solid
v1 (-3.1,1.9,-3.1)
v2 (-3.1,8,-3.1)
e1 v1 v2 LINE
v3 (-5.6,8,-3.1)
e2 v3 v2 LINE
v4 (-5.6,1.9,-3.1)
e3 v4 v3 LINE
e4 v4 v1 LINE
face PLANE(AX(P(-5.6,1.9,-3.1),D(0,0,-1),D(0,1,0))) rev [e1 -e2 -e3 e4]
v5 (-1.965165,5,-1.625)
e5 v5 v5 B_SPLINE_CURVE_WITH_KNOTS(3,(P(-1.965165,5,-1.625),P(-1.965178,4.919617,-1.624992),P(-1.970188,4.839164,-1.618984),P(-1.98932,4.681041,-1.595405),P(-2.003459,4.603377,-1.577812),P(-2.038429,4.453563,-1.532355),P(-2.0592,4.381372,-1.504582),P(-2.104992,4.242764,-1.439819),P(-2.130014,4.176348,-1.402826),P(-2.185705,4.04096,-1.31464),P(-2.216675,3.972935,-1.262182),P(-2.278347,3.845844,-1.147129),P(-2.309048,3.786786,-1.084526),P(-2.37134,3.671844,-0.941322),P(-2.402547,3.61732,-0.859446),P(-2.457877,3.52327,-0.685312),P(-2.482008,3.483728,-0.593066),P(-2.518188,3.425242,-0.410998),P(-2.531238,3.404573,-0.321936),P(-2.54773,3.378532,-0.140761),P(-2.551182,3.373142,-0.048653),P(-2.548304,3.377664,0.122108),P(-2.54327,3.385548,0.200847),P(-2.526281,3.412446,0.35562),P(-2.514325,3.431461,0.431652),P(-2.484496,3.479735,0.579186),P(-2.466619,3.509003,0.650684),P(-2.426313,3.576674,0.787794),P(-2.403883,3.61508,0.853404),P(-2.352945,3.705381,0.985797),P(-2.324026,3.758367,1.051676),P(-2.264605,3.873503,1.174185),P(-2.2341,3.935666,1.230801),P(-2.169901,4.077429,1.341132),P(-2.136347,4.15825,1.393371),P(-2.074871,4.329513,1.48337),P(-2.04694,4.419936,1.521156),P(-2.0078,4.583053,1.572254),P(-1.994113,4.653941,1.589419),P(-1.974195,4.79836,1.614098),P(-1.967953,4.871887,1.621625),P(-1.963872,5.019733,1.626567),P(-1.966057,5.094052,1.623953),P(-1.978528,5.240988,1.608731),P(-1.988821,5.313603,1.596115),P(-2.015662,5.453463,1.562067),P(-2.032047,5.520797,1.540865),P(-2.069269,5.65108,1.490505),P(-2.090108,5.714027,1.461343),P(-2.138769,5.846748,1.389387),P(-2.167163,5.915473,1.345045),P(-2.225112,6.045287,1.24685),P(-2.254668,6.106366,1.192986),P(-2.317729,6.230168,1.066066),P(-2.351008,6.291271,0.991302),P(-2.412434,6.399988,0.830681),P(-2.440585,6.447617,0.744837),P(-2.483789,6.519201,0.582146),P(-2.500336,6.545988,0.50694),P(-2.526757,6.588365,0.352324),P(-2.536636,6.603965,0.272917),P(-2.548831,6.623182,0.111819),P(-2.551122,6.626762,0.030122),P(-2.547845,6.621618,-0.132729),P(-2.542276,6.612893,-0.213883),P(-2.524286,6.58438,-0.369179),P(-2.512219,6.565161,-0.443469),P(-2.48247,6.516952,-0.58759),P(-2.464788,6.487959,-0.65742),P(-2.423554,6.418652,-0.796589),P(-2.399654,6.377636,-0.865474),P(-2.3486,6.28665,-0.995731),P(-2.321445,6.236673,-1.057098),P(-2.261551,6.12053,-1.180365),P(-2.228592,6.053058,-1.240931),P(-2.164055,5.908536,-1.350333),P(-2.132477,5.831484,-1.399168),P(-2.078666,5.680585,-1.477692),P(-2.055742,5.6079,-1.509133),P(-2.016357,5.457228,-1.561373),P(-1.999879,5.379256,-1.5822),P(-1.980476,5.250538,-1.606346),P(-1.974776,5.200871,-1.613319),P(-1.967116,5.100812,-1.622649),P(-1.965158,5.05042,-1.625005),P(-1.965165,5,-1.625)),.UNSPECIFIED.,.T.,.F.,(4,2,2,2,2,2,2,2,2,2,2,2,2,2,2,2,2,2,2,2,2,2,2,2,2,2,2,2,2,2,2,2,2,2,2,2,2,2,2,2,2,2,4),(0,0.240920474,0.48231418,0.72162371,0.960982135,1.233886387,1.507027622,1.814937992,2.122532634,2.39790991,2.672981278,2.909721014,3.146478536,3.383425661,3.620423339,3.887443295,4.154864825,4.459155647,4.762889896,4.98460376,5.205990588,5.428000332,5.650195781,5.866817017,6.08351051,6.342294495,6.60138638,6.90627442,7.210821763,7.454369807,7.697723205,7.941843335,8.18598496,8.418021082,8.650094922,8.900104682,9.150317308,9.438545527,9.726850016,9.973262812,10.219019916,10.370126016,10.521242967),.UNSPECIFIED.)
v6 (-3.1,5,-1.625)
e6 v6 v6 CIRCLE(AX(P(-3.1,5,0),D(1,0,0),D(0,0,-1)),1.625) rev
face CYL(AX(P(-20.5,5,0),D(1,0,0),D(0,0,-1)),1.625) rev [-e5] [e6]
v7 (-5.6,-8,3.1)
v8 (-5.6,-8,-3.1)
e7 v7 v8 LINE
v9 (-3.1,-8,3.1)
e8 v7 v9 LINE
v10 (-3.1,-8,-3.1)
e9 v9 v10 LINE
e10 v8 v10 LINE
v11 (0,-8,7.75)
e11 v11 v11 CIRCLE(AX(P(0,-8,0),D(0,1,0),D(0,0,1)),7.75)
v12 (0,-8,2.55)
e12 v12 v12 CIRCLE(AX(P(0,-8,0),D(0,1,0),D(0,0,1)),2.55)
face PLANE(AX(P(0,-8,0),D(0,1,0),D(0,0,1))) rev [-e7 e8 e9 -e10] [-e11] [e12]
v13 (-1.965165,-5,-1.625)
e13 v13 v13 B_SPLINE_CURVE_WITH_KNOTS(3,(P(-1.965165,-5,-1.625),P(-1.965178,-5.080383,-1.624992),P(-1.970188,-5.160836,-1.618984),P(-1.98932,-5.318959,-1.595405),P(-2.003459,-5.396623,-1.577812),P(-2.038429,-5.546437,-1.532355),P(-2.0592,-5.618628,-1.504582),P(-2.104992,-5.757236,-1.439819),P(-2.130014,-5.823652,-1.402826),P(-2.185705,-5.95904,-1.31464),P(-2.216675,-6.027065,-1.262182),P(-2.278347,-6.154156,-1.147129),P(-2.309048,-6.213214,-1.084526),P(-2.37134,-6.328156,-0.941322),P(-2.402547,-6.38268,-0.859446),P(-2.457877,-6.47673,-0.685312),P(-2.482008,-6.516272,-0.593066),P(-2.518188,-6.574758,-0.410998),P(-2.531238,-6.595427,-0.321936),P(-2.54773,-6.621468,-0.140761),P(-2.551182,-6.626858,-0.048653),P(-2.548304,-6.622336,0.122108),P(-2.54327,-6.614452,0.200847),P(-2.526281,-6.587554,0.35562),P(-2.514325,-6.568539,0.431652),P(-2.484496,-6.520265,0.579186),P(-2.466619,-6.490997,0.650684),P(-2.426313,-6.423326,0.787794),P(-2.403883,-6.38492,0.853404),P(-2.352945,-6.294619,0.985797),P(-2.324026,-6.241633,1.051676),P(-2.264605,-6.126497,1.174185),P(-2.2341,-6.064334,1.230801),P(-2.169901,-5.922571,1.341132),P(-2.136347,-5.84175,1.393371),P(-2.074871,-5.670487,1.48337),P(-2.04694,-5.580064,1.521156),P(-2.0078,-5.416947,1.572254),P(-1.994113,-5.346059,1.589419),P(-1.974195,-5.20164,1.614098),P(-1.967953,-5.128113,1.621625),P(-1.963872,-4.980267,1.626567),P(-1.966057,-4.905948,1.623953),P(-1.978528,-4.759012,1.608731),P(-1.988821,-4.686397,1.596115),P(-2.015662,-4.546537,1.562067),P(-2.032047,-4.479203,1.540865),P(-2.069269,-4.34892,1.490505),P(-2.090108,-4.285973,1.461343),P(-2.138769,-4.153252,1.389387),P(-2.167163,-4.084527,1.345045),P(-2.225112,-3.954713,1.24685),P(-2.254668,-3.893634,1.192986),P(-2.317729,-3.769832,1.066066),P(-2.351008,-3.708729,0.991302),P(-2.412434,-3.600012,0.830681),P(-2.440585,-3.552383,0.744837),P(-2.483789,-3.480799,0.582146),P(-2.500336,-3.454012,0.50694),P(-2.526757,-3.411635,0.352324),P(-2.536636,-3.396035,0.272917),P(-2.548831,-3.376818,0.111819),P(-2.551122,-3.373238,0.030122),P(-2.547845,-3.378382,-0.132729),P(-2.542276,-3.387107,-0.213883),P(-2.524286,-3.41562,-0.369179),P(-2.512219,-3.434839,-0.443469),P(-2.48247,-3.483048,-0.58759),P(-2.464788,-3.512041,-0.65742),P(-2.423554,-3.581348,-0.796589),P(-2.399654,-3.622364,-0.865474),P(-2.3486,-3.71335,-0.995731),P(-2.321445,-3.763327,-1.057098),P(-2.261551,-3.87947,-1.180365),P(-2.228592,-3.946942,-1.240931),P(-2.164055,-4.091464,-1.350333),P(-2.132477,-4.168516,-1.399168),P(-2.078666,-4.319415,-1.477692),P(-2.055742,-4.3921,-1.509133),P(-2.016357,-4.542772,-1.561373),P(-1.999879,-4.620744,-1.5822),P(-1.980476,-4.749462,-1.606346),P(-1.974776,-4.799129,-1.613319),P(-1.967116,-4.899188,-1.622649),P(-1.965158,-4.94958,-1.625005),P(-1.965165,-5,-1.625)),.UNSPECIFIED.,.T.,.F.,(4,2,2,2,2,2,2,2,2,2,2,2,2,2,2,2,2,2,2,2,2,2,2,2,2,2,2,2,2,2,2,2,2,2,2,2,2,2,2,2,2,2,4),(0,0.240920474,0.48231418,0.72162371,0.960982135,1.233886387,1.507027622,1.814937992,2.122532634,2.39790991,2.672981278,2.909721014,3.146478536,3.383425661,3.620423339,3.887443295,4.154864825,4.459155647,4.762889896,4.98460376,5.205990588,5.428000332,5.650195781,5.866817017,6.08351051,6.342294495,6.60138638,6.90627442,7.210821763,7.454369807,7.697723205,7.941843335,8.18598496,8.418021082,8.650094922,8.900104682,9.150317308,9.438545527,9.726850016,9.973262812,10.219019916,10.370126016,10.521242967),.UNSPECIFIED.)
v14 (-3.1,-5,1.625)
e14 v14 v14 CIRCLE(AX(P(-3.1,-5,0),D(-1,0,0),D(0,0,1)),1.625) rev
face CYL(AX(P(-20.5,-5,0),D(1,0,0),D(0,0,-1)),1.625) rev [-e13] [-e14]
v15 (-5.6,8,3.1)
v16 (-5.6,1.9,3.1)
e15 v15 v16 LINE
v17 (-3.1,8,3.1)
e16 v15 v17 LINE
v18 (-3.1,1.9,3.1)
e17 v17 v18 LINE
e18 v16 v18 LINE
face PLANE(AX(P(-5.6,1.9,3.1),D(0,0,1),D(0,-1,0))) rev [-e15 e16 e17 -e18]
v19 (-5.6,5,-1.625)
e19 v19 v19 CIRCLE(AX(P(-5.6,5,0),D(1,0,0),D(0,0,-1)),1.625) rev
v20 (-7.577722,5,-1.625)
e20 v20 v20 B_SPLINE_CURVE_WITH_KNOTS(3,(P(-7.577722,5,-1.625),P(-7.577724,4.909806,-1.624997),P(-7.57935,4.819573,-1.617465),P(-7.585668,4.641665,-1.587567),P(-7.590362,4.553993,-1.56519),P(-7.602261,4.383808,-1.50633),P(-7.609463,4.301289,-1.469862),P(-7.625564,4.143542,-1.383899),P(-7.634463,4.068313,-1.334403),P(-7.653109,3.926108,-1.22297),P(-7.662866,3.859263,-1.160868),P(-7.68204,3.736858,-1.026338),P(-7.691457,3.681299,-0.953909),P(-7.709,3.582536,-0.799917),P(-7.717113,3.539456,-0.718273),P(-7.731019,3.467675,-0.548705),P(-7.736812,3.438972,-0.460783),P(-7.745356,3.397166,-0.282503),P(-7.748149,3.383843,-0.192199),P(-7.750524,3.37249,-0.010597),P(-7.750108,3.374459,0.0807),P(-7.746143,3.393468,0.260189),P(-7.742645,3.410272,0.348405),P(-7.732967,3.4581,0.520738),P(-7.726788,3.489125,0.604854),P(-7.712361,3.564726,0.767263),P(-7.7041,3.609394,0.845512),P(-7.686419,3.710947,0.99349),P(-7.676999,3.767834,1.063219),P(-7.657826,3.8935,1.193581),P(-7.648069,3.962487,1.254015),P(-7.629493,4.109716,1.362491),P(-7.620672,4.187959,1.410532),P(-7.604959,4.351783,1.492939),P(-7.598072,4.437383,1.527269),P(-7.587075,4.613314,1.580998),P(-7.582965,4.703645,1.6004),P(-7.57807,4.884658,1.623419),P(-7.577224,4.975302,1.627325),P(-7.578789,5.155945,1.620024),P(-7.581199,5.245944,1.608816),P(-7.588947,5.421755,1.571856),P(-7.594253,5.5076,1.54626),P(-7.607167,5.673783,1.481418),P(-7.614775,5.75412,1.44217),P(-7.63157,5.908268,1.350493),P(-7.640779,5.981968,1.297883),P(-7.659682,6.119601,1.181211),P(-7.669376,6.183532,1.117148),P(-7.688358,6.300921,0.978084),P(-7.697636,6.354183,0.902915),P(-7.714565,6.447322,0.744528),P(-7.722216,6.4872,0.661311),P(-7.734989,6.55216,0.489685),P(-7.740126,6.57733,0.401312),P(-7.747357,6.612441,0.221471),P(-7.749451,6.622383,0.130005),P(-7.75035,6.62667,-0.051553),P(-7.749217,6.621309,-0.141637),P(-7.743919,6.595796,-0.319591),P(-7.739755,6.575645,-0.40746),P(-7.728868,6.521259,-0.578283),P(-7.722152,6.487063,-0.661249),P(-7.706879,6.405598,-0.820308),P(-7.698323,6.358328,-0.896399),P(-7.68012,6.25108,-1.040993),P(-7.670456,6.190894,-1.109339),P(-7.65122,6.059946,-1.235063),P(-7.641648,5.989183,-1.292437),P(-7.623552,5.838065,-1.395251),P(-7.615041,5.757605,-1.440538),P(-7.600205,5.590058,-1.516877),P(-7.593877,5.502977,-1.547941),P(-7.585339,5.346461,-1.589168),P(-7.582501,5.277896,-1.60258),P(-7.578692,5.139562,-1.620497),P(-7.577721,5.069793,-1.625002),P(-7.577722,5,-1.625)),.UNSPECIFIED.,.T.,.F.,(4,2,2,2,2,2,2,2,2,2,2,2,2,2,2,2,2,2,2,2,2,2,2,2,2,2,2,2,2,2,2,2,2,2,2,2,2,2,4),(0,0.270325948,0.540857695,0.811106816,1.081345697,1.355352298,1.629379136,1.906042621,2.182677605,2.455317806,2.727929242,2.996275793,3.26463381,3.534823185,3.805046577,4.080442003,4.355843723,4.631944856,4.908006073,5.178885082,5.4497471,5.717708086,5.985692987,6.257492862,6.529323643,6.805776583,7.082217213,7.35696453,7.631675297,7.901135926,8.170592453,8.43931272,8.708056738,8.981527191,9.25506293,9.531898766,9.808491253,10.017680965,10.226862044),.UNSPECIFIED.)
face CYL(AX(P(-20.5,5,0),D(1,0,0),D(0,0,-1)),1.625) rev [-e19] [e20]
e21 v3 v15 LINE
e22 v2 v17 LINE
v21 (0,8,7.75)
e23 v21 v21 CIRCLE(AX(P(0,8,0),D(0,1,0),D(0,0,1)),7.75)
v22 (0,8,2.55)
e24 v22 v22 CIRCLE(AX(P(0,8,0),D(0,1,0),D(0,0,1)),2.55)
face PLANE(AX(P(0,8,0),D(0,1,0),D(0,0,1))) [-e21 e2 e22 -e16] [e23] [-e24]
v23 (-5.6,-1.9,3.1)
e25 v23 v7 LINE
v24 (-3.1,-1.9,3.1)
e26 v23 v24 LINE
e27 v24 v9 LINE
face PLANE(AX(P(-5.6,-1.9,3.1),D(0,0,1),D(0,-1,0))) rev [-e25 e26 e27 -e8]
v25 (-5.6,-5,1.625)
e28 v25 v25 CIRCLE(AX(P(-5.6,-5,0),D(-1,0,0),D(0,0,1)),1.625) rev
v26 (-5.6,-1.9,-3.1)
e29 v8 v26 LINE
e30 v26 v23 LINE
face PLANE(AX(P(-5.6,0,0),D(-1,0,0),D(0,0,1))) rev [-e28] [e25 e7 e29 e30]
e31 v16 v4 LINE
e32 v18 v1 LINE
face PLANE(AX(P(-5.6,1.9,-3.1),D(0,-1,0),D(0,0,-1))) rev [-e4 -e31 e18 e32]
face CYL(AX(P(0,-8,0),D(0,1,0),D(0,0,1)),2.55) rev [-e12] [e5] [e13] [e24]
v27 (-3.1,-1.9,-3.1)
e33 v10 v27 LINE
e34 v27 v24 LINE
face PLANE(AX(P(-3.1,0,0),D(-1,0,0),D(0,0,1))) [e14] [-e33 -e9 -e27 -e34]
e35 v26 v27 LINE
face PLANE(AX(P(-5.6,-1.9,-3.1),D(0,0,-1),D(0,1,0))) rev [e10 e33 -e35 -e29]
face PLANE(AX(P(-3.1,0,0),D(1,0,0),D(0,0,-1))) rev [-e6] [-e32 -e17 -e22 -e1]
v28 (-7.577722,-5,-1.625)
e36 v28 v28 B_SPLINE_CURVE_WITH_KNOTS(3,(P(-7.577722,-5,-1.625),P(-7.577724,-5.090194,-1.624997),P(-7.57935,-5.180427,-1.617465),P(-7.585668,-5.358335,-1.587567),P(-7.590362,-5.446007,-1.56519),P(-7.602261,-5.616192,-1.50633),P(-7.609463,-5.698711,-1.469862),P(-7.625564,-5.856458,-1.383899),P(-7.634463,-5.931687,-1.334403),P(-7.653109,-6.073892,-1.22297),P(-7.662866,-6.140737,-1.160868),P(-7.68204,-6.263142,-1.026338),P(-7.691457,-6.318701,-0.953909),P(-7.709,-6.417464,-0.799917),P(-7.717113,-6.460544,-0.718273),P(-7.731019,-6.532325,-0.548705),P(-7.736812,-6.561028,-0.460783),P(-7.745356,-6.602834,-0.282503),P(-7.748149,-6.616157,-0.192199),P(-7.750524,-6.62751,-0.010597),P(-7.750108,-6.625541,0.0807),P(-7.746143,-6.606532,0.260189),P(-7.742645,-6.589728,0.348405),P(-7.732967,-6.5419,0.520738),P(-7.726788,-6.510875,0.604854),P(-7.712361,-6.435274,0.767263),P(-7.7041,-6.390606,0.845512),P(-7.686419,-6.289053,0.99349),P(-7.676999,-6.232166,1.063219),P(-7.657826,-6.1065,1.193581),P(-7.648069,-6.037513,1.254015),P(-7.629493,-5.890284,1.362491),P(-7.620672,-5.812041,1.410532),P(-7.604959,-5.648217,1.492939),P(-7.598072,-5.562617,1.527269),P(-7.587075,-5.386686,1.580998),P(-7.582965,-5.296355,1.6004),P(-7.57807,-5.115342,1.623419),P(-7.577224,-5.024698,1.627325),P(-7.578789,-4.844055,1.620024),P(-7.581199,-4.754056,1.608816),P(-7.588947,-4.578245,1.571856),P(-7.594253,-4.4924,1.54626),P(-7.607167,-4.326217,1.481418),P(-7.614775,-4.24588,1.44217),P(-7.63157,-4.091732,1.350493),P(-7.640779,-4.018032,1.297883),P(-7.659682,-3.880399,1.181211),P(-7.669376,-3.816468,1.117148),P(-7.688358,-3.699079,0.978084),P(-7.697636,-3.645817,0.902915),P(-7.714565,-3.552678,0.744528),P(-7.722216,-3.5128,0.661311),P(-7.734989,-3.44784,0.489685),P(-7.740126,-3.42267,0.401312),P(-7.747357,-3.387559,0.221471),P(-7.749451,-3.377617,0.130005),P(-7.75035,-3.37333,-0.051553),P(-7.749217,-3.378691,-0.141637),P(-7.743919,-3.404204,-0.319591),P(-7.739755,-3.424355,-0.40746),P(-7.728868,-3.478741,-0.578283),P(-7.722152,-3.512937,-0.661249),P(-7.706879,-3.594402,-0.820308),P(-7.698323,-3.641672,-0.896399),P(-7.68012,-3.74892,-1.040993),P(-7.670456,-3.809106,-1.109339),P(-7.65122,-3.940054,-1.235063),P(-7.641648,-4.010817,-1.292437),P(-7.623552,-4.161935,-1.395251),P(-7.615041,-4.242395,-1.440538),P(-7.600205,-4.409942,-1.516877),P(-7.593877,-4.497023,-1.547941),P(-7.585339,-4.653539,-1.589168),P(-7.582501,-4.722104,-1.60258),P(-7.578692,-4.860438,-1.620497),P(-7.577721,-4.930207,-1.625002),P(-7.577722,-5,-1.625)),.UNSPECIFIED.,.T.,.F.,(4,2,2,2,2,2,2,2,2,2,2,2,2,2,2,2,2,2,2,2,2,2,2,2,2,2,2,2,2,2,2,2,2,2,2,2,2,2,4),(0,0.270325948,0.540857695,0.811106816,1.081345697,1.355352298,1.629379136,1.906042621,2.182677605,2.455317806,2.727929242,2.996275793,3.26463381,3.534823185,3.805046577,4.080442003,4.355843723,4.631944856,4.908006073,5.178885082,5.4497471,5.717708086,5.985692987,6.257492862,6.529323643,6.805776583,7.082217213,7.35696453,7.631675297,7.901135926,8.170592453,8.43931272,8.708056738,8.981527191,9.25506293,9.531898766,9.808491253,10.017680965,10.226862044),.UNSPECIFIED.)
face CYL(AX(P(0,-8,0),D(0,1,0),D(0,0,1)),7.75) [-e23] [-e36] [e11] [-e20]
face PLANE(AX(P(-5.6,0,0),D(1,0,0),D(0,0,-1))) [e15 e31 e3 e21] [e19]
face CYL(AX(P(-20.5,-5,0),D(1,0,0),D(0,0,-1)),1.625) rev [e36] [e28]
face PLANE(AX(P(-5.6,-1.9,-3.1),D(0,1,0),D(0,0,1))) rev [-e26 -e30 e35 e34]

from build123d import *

# Parameters (mm, degrees)
BOSS_EXTRUDE2_DEPTH      = 8
BOSS_EXTRUDE2_DEPTH_BACK = 8
SKETCH1_R                = 7.75
SKETCH1_R_2              = 2.55
SKETCH2_R                = 1.625
CUT_EXTRUDE1_DEPTH       = 20.5
CUT_EXTRUDE2_START       = -3.1
SKETCH4_W                = 6.2
SKETCH4_H                = 6.1
CUT_EXTRUDE2_DEPTH       = 2.5


with BuildPart() as part:
    # Sketch1 → Boss-Extrude2 (new, two sides: drawn at the far end of the back side and taken through both)
    with BuildSketch(Plane(origin=(0, 0, 0), x_dir=(1, 0, 0), z_dir=(0, 1, 0)).offset(-BOSS_EXTRUDE2_DEPTH_BACK)):
        Circle(SKETCH1_R)
        Circle(SKETCH1_R_2, mode=Mode.SUBTRACT)
    extrude(amount=BOSS_EXTRUDE2_DEPTH + BOSS_EXTRUDE2_DEPTH_BACK)

    # Sketch2 → Cut-Extrude1 (cut)
    with BuildSketch(Plane(origin=(0, 0, 0), x_dir=(0, 0, -1), z_dir=(1, 0, 0))):
        with Locations((0, 5)):
            Circle(SKETCH2_R)
        with Locations((0, -5)):
            Circle(SKETCH2_R)
    extrude(amount=-CUT_EXTRUDE1_DEPTH, mode=Mode.SUBTRACT)

    # Sketch4 → Cut-Extrude2 (cut)
    with BuildSketch(Plane(origin=(0, 0, 0), x_dir=(0, 0, -1), z_dir=(1, 0, 0)).offset(CUT_EXTRUDE2_START)):
        with Locations((0, 4.95)):
            Rectangle(SKETCH4_W, SKETCH4_H)
        with Locations((0, -4.95)):
            Rectangle(SKETCH4_W, SKETCH4_H)
    extrude(amount=-CUT_EXTRUDE2_DEPTH, mode=Mode.SUBTRACT)


solid = part.part
